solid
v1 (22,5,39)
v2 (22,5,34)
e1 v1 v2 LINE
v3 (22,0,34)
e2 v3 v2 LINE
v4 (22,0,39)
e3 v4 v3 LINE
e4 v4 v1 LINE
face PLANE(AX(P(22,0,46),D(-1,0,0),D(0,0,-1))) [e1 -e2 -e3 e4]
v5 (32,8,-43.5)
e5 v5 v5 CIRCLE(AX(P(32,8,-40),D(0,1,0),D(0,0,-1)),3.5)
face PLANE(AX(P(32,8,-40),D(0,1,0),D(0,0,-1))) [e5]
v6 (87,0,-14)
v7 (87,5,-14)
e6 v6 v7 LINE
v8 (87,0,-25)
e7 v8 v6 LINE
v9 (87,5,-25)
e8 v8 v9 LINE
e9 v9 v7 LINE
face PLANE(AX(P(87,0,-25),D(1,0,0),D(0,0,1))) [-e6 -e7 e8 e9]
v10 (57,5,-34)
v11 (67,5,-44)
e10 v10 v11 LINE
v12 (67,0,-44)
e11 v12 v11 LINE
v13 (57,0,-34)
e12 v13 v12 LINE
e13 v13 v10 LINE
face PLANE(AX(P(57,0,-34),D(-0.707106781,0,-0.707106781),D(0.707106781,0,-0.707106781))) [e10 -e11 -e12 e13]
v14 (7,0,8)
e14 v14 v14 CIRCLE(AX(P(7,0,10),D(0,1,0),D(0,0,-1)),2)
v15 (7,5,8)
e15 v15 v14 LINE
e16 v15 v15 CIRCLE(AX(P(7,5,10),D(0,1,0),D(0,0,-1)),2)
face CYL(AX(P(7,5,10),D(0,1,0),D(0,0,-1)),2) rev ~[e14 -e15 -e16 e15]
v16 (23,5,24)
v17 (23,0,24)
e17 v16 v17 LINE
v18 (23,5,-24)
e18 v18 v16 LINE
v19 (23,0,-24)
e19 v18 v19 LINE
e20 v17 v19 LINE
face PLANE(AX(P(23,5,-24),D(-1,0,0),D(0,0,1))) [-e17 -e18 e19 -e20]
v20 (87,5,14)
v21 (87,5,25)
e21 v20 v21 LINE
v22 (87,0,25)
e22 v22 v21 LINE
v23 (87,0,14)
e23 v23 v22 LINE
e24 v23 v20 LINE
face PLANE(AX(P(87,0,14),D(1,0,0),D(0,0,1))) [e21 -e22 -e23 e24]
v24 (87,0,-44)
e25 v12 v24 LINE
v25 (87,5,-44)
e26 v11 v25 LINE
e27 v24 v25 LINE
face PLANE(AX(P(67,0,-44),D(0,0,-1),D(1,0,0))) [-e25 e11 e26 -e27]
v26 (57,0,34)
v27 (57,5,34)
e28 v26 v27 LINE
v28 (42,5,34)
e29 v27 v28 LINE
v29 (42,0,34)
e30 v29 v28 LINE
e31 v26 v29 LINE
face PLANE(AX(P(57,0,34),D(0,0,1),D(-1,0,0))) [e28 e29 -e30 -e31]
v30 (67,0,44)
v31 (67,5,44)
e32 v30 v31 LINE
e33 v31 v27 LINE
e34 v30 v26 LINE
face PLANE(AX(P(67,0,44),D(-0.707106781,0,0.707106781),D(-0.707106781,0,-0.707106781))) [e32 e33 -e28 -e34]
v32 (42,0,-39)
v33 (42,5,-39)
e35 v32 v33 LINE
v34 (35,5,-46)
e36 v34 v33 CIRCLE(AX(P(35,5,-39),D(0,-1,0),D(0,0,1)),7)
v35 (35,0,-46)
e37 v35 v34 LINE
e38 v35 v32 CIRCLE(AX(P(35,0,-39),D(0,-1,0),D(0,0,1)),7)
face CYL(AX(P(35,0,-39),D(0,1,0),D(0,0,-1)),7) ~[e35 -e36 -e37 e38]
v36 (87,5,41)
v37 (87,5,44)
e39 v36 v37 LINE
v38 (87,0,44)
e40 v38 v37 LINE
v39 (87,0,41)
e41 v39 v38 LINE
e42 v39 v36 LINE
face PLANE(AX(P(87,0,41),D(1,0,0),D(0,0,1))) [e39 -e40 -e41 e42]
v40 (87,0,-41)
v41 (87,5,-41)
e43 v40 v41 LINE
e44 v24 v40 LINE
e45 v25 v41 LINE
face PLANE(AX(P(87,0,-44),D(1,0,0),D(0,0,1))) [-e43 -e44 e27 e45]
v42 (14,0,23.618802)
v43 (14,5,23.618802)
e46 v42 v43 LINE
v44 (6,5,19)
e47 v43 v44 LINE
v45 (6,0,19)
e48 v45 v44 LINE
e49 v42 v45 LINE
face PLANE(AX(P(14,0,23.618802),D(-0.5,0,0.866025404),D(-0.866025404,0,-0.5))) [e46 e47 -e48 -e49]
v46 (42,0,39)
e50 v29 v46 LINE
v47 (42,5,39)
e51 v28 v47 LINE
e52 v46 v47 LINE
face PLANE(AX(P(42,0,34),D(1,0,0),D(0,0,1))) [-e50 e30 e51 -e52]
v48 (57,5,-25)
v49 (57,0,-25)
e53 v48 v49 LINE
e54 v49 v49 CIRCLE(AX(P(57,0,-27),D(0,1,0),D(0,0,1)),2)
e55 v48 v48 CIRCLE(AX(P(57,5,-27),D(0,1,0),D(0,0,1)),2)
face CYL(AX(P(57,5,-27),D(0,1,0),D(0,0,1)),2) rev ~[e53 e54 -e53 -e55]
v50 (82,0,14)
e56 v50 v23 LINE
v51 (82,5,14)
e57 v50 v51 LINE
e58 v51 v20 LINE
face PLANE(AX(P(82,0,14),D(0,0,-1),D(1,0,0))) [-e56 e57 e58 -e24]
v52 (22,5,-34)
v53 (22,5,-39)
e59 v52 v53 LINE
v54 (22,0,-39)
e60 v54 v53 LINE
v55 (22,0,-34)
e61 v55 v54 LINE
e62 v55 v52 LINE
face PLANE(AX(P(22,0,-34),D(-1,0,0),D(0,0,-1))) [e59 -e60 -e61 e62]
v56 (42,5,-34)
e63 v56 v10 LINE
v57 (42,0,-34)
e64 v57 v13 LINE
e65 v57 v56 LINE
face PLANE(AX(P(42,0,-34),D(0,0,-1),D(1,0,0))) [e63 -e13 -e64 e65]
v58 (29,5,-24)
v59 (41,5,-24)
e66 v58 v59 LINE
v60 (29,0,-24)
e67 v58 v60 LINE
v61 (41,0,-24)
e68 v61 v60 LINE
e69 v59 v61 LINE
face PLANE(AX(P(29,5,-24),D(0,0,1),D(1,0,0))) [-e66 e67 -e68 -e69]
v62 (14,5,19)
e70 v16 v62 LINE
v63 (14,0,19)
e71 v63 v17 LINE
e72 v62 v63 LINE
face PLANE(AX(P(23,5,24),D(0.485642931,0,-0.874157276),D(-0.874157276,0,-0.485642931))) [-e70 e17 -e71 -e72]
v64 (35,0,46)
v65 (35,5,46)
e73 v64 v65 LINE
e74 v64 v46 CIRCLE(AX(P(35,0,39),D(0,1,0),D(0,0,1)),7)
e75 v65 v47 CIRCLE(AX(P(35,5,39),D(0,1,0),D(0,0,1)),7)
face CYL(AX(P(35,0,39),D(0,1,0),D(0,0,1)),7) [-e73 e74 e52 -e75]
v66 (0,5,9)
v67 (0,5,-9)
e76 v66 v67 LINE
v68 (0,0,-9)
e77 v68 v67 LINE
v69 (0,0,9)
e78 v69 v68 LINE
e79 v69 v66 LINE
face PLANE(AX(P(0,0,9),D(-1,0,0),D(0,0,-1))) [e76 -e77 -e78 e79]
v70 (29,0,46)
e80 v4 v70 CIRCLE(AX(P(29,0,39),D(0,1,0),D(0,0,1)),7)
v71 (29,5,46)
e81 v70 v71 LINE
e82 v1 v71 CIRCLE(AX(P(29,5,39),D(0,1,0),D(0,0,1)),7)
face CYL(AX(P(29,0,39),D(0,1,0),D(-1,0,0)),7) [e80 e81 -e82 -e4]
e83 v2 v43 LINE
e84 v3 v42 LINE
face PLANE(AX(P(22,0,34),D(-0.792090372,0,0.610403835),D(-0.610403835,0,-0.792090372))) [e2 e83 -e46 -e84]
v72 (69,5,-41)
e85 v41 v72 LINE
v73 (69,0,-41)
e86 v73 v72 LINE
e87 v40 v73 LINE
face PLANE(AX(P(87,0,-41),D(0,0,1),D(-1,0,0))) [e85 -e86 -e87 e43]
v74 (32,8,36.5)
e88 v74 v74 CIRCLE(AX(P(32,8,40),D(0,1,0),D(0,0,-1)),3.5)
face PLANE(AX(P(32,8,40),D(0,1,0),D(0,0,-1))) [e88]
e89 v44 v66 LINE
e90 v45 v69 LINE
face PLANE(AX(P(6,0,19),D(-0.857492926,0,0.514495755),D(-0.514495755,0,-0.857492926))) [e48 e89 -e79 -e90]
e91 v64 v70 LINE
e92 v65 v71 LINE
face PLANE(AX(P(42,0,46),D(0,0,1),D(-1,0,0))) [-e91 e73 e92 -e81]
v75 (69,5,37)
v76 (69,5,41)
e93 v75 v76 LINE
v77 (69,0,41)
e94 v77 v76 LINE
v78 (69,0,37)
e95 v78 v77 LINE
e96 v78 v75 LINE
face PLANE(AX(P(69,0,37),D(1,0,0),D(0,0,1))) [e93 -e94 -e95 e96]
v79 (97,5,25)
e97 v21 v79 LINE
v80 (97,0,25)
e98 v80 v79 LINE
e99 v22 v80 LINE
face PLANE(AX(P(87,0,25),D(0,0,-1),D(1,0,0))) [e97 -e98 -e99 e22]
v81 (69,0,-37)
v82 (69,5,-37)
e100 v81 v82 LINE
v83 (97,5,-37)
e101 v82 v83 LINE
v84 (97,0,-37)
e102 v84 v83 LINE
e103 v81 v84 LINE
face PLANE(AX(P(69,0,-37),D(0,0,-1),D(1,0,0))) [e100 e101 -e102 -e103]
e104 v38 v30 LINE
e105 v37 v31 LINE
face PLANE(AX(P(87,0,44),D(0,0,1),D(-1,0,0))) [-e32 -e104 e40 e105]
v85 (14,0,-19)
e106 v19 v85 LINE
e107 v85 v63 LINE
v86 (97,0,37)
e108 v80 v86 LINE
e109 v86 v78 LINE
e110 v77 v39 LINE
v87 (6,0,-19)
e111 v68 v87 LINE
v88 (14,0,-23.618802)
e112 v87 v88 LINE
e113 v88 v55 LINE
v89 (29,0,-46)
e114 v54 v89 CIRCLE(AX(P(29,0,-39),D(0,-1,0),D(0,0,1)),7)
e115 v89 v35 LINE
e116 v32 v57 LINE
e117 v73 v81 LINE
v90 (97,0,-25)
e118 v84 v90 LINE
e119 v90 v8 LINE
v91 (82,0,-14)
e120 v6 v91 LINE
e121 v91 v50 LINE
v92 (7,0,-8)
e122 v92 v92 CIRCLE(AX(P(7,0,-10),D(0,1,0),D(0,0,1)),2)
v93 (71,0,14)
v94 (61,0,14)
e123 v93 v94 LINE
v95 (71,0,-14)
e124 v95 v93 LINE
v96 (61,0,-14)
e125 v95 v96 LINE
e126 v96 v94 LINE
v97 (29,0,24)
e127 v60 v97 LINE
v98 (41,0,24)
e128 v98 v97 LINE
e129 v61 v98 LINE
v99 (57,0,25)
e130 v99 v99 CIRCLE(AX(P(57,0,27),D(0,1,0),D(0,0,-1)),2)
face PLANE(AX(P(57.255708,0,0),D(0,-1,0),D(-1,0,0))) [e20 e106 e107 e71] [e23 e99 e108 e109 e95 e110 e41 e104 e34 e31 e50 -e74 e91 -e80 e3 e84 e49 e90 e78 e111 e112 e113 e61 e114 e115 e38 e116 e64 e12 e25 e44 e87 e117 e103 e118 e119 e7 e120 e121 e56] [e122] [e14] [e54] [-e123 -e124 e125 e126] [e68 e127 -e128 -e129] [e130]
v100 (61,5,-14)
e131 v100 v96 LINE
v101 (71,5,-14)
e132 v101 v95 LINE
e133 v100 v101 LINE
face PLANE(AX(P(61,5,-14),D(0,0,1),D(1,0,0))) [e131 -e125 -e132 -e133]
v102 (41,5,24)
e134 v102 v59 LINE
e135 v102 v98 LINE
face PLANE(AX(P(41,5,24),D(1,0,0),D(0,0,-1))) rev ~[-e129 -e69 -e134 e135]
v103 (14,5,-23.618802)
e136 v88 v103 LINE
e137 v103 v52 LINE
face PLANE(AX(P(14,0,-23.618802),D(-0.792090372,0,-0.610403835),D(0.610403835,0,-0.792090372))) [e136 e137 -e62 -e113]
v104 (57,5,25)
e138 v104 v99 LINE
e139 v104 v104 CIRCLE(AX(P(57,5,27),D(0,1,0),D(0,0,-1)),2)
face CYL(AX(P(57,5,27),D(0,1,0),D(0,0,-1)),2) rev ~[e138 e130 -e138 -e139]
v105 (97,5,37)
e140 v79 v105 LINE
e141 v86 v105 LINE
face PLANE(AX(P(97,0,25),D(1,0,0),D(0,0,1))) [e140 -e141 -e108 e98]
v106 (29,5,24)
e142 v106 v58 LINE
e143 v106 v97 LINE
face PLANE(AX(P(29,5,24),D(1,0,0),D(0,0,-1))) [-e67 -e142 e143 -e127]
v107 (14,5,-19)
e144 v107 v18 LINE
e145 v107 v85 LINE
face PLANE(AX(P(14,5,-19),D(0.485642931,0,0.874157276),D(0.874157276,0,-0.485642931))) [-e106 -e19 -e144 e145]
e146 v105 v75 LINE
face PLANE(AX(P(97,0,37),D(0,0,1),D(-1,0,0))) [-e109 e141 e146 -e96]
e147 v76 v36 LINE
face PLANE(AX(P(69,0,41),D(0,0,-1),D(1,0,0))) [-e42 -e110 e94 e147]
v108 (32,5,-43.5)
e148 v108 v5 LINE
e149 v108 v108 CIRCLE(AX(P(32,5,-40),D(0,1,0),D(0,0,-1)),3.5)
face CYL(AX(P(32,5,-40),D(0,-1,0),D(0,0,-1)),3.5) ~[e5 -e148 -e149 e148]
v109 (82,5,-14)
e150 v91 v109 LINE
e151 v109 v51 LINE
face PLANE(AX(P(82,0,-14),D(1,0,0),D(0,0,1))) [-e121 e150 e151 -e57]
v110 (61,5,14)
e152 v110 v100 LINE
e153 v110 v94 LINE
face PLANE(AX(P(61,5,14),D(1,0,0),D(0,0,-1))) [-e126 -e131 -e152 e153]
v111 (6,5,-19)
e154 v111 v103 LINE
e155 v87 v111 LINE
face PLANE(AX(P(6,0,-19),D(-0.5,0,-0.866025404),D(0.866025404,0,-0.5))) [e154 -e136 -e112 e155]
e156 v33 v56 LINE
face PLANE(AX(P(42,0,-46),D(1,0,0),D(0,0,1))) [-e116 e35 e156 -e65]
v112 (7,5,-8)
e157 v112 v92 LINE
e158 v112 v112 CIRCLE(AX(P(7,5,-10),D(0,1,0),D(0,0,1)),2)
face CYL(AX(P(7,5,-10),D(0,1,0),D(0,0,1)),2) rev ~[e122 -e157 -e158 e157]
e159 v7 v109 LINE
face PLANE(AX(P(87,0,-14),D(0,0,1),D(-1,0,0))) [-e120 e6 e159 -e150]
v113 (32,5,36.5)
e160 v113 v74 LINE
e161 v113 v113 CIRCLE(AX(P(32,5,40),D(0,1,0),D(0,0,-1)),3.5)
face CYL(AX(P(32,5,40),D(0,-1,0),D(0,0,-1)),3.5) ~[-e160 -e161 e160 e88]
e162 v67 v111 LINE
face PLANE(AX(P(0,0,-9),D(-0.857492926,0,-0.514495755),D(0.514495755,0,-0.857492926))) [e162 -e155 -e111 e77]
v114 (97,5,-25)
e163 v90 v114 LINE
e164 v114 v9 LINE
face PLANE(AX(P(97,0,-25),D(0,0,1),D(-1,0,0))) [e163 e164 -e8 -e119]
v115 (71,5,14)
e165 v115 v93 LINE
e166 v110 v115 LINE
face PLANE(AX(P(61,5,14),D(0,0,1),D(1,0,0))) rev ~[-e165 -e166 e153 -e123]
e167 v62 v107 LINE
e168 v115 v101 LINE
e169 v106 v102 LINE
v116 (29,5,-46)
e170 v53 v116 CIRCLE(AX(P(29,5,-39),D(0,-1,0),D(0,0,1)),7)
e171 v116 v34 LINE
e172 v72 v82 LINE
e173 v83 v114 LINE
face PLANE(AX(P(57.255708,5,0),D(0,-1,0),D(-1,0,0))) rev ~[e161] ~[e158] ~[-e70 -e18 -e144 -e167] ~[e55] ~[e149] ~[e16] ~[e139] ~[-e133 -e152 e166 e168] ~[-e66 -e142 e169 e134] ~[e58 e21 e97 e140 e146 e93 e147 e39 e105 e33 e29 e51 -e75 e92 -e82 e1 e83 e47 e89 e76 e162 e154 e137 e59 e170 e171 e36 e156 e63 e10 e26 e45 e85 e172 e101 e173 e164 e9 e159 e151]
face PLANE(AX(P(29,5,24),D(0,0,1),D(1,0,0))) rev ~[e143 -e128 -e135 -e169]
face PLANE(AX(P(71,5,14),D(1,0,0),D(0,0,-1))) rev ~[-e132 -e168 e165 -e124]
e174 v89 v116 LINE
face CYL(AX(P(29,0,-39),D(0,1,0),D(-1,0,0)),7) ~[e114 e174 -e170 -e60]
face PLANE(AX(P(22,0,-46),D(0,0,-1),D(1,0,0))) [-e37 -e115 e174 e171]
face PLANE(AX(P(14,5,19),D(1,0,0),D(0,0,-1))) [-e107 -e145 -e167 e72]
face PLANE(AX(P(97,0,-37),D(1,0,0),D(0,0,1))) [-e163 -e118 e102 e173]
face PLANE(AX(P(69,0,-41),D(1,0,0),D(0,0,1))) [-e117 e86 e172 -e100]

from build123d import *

# Parameters (mm, degrees)
EXTRUDE_1_DEPTH     = 5
SKETCH_2_R          = 2
SKETCH_2_W          = 12
SKETCH_2_H          = 48
SKETCH_2_W_2        = 10
SKETCH_2_H_2        = 28
CUT_EXTRUDE_1_DEPTH = 44
SKETCH_3_R          = 3.5
EXTRUDE_2_DEPTH     = 3
FILLET_1_R          = 7


with BuildPart() as part:
    # 草图1 → 凸台-拉伸1 (new body)
    with BuildSketch(Plane(origin=(0, 0, 0), x_dir=(1, 0, 0), z_dir=(0, 1, 0))):
        Polygon((0, -9), (0, 9), (6, 19), (14, 23.618802154), (22, 34), (22, 46), (42, 46), (42, 34), (57, 34), (67, 44), (87, 44), (87, 41), (69, 41), (69, 37), (97, 37), (97, 25), (87, 25), (87, 14), (82, 14), (82, -14), (87, -14), (87, -25), (97, -25), (97, -37), (69, -37), (69, -41), (87, -41), (87, -44), (67, -44), (57, -34), (42, -34), (42, -46), (22, -46), (22, -34), (14, -23.618802154), (6, -19), align=None)
    extrude(amount=EXTRUDE_1_DEPTH)

    # 草图2 → 切除-拉伸1 (cut)
    with BuildSketch(Plane(origin=(0, 5, 0), x_dir=(1, 0, 0), z_dir=(0, 1, 0))):
        with Locations(Location((7, 10, 0), (0, 0, 270))):
            Circle(SKETCH_2_R)
        with Locations(Location((7, -10, 0), (0, 0, 90))):
            Circle(SKETCH_2_R)
        with Locations(Location((57, 27, 0), (0, 0, 270))):
            Circle(SKETCH_2_R)
        with Locations(Location((57, -27, 0), (0, 0, 90))):
            Circle(SKETCH_2_R)
        Polygon((14, -19), (14, 19), (23, 24), (23, -24), align=None)
        with Locations((35, 0)):
            Rectangle(SKETCH_2_W, SKETCH_2_H)
        with Locations((66, 0)):
            Rectangle(SKETCH_2_W_2, SKETCH_2_H_2)
    extrude(amount=-CUT_EXTRUDE_1_DEPTH, mode=Mode.SUBTRACT)

    # 草图3 → 凸台-拉伸2 (add)
    with BuildSketch(Plane(origin=(0, 5, 0), x_dir=(1, 0, 0), z_dir=(0, 1, 0))):
        with Locations(Location((32, 40, 0), (0, 0, 90))):
            Circle(SKETCH_3_R)
        with Locations(Location((32, -40, 0), (0, 0, 90))):
            Circle(SKETCH_3_R)
    extrude(amount=EXTRUDE_2_DEPTH)

    # 圆角1
    fillet_1_edges = [part.edges().sort_by_distance(p)[0] for p in [
        (22, 2.5, 46),
        (42, 2.5, 46),
        (42, 2.5, -46),
        (22, 2.5, -46),
    ]]
    fillet(fillet_1_edges, radius=FILLET_1_R)


solid = part.part
